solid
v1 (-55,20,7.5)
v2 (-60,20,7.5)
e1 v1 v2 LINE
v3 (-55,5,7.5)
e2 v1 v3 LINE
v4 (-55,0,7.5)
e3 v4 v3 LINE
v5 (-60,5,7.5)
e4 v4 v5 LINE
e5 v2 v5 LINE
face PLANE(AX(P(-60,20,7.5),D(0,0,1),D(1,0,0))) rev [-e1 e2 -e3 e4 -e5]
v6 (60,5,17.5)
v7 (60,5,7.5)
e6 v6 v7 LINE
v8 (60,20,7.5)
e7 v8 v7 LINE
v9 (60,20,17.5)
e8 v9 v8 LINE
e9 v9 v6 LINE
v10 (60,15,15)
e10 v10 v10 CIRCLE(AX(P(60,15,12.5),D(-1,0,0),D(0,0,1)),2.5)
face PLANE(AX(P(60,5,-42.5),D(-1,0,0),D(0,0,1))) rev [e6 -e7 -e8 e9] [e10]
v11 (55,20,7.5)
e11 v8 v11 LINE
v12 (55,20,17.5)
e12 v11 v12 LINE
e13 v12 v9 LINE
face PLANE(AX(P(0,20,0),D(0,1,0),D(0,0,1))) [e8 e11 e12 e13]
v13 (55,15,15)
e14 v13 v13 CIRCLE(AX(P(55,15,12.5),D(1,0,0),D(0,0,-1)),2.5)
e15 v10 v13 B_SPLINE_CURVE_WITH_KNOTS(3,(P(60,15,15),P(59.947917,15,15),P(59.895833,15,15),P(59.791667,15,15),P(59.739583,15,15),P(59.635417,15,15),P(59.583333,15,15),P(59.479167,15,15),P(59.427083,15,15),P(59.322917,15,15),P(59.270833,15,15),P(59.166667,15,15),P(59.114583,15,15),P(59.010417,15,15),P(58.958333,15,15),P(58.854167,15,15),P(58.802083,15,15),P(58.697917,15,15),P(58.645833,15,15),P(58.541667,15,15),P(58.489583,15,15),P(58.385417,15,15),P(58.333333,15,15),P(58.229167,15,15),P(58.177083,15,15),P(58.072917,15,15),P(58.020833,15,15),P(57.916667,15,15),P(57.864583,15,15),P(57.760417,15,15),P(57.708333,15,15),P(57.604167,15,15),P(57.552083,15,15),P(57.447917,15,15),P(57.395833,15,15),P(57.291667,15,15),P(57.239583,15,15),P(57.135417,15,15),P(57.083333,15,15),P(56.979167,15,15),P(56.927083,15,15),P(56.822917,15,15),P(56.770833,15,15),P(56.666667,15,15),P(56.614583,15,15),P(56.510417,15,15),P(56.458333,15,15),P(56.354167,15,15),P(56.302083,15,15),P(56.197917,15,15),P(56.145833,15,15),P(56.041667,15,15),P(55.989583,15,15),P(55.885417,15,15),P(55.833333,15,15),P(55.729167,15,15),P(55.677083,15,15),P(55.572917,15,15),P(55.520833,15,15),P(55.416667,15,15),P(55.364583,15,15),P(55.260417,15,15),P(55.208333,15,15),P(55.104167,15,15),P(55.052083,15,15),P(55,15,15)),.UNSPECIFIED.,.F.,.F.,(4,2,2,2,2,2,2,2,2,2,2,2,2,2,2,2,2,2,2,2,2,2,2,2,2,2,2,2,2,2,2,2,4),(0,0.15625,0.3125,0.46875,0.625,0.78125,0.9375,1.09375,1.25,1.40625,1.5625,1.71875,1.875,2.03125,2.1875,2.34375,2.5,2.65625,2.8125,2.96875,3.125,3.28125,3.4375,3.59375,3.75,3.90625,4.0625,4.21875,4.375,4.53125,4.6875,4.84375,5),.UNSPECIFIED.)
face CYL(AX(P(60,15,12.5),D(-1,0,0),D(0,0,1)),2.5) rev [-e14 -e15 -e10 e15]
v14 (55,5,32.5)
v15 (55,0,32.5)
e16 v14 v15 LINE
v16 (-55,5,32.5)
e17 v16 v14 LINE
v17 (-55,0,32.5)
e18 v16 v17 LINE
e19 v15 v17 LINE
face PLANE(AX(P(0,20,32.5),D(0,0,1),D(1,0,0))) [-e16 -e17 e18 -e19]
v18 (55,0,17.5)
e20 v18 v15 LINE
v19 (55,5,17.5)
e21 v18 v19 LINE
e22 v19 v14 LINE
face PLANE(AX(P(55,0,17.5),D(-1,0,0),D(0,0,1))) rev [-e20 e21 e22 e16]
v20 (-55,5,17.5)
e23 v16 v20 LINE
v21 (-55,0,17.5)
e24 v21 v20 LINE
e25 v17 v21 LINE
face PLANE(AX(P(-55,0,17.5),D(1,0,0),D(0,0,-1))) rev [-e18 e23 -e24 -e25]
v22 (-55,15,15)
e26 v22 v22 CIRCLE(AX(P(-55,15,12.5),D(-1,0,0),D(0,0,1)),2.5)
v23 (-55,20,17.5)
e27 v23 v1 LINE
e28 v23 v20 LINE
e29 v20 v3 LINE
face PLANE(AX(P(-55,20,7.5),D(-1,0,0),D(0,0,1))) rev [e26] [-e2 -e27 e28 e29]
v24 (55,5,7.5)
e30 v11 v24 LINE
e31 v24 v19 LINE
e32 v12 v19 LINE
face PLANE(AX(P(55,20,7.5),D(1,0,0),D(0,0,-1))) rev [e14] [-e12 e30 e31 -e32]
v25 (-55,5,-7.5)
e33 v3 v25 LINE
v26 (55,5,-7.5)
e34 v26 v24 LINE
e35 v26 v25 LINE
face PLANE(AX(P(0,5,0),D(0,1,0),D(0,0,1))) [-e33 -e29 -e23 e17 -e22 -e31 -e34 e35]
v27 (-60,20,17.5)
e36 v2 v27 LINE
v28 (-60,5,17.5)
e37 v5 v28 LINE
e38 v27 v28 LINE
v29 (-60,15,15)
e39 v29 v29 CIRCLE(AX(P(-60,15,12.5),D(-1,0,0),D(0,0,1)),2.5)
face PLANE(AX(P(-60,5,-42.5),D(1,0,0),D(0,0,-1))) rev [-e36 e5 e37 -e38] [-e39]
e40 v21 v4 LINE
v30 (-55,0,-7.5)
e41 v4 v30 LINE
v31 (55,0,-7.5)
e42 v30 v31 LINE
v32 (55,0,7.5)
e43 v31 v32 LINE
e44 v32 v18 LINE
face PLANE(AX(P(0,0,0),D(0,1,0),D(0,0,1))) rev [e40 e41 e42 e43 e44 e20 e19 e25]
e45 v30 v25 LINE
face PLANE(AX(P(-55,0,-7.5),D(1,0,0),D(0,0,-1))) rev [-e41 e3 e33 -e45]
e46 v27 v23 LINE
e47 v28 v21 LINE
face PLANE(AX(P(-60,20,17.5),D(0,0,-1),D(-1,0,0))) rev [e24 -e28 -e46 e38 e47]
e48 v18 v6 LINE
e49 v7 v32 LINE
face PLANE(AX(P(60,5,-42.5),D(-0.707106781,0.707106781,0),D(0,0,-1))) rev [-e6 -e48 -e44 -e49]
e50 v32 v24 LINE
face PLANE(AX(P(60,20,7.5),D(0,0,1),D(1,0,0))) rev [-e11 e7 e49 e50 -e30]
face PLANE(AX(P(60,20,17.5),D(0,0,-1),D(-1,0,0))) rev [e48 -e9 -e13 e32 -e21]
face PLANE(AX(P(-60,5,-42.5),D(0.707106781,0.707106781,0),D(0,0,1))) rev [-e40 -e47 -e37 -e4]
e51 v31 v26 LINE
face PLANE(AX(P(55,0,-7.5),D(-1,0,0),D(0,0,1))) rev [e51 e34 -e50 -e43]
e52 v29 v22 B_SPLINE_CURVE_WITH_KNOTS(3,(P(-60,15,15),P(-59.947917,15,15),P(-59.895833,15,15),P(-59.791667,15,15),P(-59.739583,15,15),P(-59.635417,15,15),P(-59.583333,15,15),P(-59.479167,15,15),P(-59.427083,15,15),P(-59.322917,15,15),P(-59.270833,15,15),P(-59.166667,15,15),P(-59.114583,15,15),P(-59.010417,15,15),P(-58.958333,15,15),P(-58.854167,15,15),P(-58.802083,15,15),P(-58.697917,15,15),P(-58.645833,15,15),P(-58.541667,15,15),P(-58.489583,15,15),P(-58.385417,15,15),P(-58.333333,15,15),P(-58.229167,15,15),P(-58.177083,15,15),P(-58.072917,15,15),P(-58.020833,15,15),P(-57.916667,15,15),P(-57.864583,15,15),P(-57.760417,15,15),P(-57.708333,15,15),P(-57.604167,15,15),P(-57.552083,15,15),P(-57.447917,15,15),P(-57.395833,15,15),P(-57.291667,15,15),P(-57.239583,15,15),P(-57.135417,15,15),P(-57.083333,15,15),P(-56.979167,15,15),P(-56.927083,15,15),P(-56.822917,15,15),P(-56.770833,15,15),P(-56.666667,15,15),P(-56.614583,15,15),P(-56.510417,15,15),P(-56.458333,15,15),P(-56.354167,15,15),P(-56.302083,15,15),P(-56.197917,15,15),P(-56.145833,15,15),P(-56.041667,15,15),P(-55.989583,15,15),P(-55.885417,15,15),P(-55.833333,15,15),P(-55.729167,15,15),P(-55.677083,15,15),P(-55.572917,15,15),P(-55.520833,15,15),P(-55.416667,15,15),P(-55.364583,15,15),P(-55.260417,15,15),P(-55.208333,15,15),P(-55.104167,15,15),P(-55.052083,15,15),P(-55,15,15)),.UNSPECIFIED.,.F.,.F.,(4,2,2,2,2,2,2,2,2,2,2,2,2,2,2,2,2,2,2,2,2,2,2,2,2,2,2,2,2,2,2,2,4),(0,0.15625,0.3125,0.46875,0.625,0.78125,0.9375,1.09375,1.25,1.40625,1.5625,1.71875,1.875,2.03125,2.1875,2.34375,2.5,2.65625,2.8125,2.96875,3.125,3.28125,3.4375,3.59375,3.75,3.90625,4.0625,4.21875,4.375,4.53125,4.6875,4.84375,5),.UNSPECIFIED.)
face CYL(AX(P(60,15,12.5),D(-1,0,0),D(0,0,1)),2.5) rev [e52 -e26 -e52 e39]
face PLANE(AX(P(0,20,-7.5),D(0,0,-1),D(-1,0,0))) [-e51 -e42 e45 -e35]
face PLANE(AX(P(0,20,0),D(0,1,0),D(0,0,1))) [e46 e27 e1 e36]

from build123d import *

# Parameters (mm, degrees)
SKETCH1_W           = 120
SKETCH1_H           = 85
BOSS_EXTRUDE1_DEPTH = 5
SKETCH2_W           = 5
SKETCH2_H           = 10
BOSS_EXTRUDE2_DEPTH = 15
SKETCH3_R           = 2.5
CUT_EXTRUDE1_DEPTH  = 129.865239689
SKETCH5_W           = 5
SKETCH5_H           = 25
SKETCH5_H_2         = 15
CUT_EXTRUDE2_DEPTH  = 76.041655099
CHAMFER1_SIZE       = 5
SKETCH6_W           = 110
SKETCH6_H           = 10
CUT_EXTRUDE3_DEPTH  = 77.198753271


with BuildPart() as part:
    # Sketch1 → Boss-Extrude1 (new body)
    with BuildSketch(Plane(origin=(0, 0, 0), x_dir=(1, 0, 0), z_dir=(0, 1, 0))):
        Rectangle(SKETCH1_W, SKETCH1_H)
    extrude(amount=BOSS_EXTRUDE1_DEPTH)

    # Sketch2 → Boss-Extrude2 (add)
    with BuildSketch(Plane(origin=(0, 5, 0), x_dir=(1, 0, 0), z_dir=(0, 1, 0))):
        with Locations((-57.5, 12.5)):
            Rectangle(SKETCH2_W, SKETCH2_H)
        with Locations((-57.5, -12.5)):
            Rectangle(SKETCH2_W, SKETCH2_H)
        with Locations((57.5, -12.5)):
            Rectangle(SKETCH2_W, SKETCH2_H)
        with Locations((57.5, 12.5)):
            Rectangle(SKETCH2_W, SKETCH2_H)
    extrude(amount=BOSS_EXTRUDE2_DEPTH)

    # Sketch3 → Cut-Extrude1 (cut, through all)
    with BuildSketch(Plane.ZY.offset(60)):
        with Locations((-12.5, 15)):
            Circle(SKETCH3_R)
        with Locations((12.5, 15)):
            Circle(SKETCH3_R)
    extrude(amount=-CUT_EXTRUDE1_DEPTH, mode=Mode.SUBTRACT)

    # Sketch5 → Cut-Extrude2 (cut, through all)
    with BuildSketch(Plane(origin=(0, 5, 0), x_dir=(1, 0, 0), z_dir=(0, 1, 0))):
        with Locations((-57.5, 30)):
            Rectangle(SKETCH5_W, SKETCH5_H)
        with Locations((-57.5, 0)):
            Rectangle(SKETCH5_W, SKETCH5_H_2)
        with Locations((-57.5, -30)):
            Rectangle(SKETCH5_W, SKETCH5_H)
        with Locations((57.5, -30)):
            Rectangle(SKETCH5_W, SKETCH5_H)
        with Locations((57.5, 0)):
            Rectangle(SKETCH5_W, SKETCH5_H_2)
        with Locations((57.5, 30)):
            Rectangle(SKETCH5_W, SKETCH5_H)
    extrude(amount=-CUT_EXTRUDE2_DEPTH, mode=Mode.SUBTRACT)

    # Chamfer1
    chamfer1_edges = [part.edges().sort_by_distance(p)[0] for p in [
        (-60, 0, 12.5),
        (-60, 0, -12.5),
        (60, 0, -12.5),
        (60, 0, 12.5),
    ]]
    chamfer(chamfer1_edges, length=CHAMFER1_SIZE)

    # Sketch6 → Cut-Extrude3 (cut, through all)
    with BuildSketch(Plane.XZ):
        Polygon((-55, -7.5), (55, -7.5), (55, -17.5), (55, -42.5), (-55, -42.5), (-55, -17.5), align=None)
        Polygon((-60, -7.5), (-60, -42.5), (-55, -42.5), (-55, -17.5), (-55, -7.5), align=None)
        with Locations((0, 37.5)):
            Rectangle(SKETCH6_W, SKETCH6_H)
        Polygon((55, -42.5), (60, -42.5), (60, -7.5), (55, -7.5), (55, -17.5), align=None)
    extrude(amount=-CUT_EXTRUDE3_DEPTH, mode=Mode.SUBTRACT)


solid = part.part
